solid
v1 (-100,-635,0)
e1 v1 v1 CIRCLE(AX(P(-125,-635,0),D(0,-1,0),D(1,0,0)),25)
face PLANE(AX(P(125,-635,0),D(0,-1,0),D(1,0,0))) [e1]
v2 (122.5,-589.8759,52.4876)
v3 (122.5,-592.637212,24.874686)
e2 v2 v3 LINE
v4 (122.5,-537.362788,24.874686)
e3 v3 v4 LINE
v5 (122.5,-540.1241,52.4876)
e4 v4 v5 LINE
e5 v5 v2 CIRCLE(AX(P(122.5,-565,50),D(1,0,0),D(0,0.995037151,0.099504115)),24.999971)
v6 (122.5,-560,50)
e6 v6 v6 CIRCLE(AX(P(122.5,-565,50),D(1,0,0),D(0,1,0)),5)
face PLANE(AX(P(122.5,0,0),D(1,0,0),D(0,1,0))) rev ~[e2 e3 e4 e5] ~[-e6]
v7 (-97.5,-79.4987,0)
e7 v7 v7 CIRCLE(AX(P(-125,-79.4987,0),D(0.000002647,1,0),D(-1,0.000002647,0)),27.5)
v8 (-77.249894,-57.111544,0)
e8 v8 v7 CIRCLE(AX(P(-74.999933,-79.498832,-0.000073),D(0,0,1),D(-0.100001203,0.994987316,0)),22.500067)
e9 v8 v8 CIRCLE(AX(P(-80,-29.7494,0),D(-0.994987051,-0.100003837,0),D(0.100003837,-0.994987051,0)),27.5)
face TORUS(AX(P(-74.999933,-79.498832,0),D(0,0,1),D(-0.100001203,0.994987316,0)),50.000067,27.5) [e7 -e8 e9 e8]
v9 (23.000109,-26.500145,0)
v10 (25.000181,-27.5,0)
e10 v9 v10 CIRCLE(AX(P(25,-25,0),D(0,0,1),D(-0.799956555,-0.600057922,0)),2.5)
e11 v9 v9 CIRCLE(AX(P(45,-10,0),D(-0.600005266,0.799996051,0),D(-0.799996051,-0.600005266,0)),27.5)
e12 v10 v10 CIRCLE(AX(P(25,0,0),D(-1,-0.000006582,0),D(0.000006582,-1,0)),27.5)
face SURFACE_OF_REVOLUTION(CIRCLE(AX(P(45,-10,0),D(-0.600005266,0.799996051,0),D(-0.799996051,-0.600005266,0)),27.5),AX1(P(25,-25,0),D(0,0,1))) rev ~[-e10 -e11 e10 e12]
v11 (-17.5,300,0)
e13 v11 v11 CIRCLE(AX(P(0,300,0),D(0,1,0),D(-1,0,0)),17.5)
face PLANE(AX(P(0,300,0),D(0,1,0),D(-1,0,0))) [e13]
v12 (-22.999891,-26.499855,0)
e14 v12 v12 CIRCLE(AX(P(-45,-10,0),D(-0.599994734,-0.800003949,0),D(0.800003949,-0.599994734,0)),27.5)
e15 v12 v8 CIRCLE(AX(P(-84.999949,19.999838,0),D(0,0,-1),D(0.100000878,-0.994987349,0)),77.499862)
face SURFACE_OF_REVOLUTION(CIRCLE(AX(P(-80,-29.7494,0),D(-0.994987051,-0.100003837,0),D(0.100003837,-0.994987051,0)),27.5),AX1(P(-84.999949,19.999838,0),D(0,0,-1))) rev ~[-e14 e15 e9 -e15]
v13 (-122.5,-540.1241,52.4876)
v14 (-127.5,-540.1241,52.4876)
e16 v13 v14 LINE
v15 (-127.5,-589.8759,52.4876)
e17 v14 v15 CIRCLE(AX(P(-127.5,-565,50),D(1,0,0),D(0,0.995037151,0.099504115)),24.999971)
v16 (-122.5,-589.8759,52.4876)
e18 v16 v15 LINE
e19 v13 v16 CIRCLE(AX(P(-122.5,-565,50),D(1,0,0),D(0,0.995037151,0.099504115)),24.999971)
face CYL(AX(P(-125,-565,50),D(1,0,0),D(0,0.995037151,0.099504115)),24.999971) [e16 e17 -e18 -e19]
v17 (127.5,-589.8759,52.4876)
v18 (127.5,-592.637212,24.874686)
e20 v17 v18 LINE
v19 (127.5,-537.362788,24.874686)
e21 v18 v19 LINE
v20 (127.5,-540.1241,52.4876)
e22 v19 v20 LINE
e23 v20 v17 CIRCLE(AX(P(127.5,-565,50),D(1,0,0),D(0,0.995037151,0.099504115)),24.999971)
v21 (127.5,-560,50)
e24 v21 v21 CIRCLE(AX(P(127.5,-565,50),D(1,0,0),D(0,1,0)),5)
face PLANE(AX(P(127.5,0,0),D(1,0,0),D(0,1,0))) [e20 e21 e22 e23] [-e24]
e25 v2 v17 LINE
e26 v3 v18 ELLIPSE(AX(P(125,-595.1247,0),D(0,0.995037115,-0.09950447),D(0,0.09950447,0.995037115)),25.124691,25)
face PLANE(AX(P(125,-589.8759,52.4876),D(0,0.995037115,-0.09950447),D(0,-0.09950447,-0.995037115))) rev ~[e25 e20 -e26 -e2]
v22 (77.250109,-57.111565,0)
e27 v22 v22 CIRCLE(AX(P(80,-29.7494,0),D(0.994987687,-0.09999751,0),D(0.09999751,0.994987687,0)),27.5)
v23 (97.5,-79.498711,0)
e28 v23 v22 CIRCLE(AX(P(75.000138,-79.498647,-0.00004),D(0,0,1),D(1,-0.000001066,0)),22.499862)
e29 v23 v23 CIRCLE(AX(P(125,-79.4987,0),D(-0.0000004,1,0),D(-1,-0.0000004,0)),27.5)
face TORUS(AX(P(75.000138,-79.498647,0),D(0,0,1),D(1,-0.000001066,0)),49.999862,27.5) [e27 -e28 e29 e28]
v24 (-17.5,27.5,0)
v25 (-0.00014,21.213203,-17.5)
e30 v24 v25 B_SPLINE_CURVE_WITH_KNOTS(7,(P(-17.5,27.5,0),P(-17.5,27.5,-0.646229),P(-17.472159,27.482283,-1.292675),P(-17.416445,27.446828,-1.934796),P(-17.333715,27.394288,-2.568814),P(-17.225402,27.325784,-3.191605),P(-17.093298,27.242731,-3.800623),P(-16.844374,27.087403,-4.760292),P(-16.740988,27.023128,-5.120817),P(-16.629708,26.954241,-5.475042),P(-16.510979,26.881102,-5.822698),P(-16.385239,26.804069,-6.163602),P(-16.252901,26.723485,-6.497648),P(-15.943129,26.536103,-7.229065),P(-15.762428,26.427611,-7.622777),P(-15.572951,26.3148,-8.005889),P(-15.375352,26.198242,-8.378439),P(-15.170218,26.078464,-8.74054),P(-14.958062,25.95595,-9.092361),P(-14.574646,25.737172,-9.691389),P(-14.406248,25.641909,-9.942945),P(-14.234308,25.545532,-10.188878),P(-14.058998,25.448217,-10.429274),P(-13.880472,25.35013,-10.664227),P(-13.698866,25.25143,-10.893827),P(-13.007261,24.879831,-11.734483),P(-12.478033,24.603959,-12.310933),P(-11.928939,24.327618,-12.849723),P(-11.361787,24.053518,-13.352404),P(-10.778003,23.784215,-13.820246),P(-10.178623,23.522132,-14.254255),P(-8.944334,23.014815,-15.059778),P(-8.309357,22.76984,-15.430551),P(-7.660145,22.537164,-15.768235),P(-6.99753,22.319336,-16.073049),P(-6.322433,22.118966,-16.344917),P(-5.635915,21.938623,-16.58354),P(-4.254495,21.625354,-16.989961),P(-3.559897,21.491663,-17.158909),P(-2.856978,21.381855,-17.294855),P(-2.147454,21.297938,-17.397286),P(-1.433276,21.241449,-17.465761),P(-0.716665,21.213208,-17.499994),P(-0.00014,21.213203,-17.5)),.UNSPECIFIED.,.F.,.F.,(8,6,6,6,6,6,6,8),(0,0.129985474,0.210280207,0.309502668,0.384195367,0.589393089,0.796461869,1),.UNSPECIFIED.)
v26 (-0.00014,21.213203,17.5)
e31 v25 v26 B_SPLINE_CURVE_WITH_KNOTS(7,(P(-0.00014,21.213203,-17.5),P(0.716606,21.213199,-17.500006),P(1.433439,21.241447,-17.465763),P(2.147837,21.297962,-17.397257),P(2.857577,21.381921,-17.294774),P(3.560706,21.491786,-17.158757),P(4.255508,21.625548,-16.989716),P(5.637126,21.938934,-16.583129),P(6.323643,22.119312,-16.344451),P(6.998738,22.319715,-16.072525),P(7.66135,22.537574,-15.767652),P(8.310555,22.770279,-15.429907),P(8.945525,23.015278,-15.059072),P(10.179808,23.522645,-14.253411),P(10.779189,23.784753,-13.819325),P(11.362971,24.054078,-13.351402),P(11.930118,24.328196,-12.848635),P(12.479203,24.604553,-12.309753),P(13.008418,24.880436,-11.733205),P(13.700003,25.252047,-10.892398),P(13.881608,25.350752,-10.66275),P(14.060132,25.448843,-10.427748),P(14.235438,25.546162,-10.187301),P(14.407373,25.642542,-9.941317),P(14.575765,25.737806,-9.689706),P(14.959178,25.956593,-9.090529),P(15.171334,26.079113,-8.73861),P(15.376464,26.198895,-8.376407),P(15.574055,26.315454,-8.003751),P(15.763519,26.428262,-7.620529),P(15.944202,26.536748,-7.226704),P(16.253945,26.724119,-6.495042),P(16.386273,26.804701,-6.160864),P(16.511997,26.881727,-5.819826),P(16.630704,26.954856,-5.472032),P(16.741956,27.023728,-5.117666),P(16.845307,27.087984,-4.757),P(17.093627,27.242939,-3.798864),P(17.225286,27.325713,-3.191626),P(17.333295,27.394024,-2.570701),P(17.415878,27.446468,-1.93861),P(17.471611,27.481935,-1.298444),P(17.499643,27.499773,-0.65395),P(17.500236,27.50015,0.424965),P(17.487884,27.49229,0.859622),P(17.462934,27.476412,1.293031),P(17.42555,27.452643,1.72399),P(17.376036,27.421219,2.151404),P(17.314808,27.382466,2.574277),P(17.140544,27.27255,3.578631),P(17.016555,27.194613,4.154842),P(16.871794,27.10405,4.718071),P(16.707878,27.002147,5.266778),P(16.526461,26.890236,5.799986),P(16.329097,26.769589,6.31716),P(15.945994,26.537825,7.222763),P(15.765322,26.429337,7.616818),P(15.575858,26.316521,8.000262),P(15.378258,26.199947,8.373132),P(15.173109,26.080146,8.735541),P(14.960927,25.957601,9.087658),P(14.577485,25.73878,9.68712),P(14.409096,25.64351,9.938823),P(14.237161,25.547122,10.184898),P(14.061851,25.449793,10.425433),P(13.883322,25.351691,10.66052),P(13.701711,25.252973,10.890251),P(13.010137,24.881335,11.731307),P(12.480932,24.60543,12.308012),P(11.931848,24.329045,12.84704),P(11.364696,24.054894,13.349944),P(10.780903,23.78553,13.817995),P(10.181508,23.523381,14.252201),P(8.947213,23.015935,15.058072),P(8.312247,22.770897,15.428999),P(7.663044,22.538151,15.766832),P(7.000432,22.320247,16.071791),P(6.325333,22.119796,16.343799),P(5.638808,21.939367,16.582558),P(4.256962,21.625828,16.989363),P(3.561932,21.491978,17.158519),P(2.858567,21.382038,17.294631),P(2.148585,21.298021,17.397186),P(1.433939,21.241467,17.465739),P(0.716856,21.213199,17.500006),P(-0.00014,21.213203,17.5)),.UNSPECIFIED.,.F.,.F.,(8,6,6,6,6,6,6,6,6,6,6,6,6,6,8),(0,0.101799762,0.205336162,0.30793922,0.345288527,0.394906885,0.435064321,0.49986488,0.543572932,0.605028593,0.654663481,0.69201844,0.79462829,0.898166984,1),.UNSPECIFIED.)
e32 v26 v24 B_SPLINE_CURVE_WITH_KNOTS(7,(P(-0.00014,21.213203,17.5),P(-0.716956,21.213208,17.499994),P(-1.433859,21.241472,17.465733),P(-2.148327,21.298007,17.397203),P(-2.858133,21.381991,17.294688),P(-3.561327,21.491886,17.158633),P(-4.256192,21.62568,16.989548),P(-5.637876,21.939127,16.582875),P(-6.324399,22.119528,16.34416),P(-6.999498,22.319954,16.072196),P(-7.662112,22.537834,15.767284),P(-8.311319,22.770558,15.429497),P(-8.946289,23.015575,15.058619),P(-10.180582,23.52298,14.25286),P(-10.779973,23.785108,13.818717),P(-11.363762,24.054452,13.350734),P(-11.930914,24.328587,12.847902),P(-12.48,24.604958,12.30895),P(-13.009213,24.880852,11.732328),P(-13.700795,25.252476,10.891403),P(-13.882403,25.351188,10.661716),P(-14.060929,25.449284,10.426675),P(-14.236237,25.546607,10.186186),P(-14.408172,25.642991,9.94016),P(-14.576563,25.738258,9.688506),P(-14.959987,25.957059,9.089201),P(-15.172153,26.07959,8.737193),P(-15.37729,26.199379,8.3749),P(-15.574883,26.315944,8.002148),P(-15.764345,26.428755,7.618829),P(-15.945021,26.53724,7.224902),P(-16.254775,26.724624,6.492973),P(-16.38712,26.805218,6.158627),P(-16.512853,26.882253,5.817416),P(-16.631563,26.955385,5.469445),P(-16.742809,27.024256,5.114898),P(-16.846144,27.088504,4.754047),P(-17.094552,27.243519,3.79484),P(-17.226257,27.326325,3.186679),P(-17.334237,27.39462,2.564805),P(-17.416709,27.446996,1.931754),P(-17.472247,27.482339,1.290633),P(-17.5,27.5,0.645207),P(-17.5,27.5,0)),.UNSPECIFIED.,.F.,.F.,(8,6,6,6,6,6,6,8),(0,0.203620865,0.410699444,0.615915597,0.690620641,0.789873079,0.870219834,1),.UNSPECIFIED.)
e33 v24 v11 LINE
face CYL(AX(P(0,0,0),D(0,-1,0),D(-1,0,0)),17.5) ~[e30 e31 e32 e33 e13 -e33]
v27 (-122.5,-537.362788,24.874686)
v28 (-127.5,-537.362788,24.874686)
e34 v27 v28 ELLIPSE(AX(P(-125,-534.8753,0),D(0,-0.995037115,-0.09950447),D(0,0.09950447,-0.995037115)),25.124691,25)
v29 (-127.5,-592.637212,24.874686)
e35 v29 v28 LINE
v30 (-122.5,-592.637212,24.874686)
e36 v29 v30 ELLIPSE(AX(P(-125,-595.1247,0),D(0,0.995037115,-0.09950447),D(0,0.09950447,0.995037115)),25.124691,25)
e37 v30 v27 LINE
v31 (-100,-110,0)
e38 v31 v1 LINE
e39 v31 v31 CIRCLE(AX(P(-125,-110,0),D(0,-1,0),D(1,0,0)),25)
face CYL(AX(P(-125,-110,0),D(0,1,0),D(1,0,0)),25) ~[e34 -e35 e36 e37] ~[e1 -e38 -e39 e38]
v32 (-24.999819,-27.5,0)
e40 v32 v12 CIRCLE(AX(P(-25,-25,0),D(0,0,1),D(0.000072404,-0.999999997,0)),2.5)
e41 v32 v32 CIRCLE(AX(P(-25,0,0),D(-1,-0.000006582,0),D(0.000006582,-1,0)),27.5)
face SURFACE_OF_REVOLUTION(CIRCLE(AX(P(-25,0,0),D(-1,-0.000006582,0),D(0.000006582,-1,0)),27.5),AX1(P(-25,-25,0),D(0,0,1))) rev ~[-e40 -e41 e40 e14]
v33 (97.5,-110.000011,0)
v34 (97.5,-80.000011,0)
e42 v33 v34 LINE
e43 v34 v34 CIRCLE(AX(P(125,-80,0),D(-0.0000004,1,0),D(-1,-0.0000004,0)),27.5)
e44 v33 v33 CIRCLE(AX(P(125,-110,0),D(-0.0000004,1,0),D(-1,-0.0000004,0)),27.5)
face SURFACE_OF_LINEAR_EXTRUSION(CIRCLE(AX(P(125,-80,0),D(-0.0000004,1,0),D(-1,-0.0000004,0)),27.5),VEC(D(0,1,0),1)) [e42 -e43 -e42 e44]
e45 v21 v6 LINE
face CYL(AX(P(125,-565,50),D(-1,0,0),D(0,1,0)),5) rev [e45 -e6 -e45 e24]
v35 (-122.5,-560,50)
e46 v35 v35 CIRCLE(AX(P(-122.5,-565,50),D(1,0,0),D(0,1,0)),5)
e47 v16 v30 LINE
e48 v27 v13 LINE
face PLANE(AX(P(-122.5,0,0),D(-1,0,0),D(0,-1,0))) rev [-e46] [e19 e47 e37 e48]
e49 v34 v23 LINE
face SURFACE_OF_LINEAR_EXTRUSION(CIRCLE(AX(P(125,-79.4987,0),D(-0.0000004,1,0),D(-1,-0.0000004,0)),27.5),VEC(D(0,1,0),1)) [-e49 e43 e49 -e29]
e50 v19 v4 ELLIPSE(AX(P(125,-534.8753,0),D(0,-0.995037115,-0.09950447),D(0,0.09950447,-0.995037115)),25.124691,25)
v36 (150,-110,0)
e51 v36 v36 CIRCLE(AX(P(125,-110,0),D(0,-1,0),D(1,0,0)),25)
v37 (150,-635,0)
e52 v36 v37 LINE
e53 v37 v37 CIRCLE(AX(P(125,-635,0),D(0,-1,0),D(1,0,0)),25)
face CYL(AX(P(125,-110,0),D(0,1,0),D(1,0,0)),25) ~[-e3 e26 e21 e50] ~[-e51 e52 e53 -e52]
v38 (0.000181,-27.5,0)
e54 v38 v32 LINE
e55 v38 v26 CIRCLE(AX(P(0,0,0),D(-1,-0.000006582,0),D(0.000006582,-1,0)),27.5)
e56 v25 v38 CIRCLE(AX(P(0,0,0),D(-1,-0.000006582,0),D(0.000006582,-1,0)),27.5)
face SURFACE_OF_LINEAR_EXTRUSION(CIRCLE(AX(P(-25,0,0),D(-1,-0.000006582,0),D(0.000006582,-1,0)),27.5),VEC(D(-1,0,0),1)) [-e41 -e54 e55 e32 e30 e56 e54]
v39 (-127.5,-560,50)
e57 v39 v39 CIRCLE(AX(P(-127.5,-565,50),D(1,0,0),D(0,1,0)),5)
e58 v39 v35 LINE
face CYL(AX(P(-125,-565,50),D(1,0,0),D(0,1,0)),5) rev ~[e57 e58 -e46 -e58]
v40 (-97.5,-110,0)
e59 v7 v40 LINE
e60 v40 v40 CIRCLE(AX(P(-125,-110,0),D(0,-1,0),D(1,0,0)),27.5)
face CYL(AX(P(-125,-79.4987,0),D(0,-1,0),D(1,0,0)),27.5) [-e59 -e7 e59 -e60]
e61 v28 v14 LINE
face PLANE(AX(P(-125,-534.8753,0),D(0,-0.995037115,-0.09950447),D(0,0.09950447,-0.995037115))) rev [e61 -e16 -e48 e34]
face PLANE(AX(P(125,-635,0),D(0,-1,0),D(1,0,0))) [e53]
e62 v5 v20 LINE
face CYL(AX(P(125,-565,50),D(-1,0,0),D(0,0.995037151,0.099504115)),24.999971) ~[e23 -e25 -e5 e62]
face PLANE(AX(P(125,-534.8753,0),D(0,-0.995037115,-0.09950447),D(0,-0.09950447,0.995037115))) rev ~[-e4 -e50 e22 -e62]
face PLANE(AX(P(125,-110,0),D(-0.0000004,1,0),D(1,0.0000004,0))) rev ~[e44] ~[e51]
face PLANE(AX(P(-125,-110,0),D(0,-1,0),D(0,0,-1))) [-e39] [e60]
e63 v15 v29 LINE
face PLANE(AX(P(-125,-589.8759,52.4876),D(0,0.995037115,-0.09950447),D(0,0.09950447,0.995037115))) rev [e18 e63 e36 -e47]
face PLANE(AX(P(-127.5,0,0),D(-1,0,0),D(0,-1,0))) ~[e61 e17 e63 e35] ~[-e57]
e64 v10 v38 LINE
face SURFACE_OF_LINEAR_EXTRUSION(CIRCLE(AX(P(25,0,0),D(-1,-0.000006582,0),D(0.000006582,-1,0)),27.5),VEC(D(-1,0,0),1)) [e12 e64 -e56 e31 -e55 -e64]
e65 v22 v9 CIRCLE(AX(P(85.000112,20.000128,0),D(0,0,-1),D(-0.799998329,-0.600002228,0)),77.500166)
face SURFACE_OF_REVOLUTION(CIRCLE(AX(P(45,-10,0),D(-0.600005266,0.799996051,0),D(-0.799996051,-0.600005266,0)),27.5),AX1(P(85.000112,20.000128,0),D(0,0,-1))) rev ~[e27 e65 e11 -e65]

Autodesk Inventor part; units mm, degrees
sketch "草圖1" plane through (0, 0, 0) normal (0, 0, 1) x (1, 0, 0)
  line L0 (0, 0) -> (0, 12)
  line L1 (125, -79.4987) -> (125, -80)
  arc A0 (45, -10) -> (25, 0) centre (25, -25) ccw
  arc A1 (45, -10) -> (80, -29.7494) centre (85, 20) ccw
  arc A2 (125, -79.4987) -> (80, -29.7494) centre (75, -79.4987) ccw
  line L2 (125, -80) -> (125, -110)
  line L3 (25, 0) -> (0, 0)
  line L4 (-125, -79.4987) -> (-125, -80)
  arc A3 (-25, 0) -> (-45, -10) centre (-25, -25) ccw
  arc A4 (-80, -29.7494) -> (-45, -10) centre (-85, 20) ccw
  arc A5 (-80, -29.7494) -> (-125, -79.4987) centre (-75, -79.4987) ccw
  line L5 (-125, -80) -> (-125, -110)
  line L6 (-25, 0) -> (0, 0)
  line L7 (125, -110) -> (125, -470)
  line L8 (-125, -110) -> (-125, -470)
  dimension "d8" = 50
  dimension "d9" = 50
  dimension "d10" = 30
  dimension "d11" = 110
  dimension "d12" = 25
  dimension "d13" = 250
  dimension "d29" = 360
ref_plane "工作平面1" through (0, 0, 0) normal (0, 1, 0) x (-1, 0, 0)
sketch "草圖2" plane through (0, 0, 0) normal (0, 1, 0) x (-1, 0, 0)
  circle A0 centre (0, 0) radius 17.5
  dimension "d14" = 35
extrude "擠出1" add sketch "草圖2" along normal blind 300
ref_plane "工作平面2" through (-125, -110, 0) normal (0, -1, 0) x (1, 0, 0)
sketch "草圖3" plane through (-125, -110, 0) normal (0, -1, 0) x (1, 0, 0)
  circle A0 centre (0, 0) radius 27.5
  point P0 (125, 0)
  dimension "d17" = 55
sweep "掃掠1" add profiles "草圖3" path "草圖1" path curves L5 L4 A5 A4 A3 L6 L3 A0 A1 A2 L1 L2
ref_plane "工作平面6" through (-125, -470, 0) normal (0, -1, 0) x (1, 0, 0)
sketch "草圖15" plane through (125, -110, 0) normal (0, -1, 0) x (1, 0, 0)
  circle A0 centre (0, 0) radius 25
  circle A1 centre (-250, 0) radius 25
  circle A2 centre (-250, 0) radius 27.5 projected
  circle A3 centre (0, 0) radius 27.5 projected
  point P0 (-125, 0)
  dimension "d92" = 50
  dimension "d93" = 50
extrude "擠出11" add sketch "草圖15" along normal blind 525 contours A0 | A1
ref_plane "工作平面11" through (125, 0, 0) normal (1, 0, 0) x (0, 1, 0)
ref_plane "工作平面8" through (125, -470, 0) normal (0, -1, 0) x (1, 0, 0)
ref_plane "工作平面9" through (125, 0, 0) normal (1, 0, 0) x (0, 1, 0)
sketch "草圖11" plane through (125, 0, 0) normal (1, 0, 0) x (0, 1, 0)
  arc A0 (-540.1241, 52.4876) -> (-589.8759, 52.4876) centre (-565, 50) ccw
  line L0 (-534.8753, 0) -> (-540.1241, 52.4876)
  line L1 (-589.8759, 52.4876) -> (-595.1247, 0)
  circle A1 centre (-565, 50) radius 5
  line L2 (-534.8753, 0) -> (-595.1247, 0)
  line L3 (-635, 25) -> (-635, -25) projected
  line L4 (-635, 0) -> (-565, 0)
  point P0 (0, 0)
  dimension "d99" = 70
  dimension "d100" = 25
  dimension "d101" = 50
  dimension "d102" = 10
extrude "擠出8" add sketch "草圖11" along normal mid plane 5
mirror "鏡射1" about plane through (0, 0, 0) normal (1, 0, 0) of "擠出8"
properties part number "前桿2"
